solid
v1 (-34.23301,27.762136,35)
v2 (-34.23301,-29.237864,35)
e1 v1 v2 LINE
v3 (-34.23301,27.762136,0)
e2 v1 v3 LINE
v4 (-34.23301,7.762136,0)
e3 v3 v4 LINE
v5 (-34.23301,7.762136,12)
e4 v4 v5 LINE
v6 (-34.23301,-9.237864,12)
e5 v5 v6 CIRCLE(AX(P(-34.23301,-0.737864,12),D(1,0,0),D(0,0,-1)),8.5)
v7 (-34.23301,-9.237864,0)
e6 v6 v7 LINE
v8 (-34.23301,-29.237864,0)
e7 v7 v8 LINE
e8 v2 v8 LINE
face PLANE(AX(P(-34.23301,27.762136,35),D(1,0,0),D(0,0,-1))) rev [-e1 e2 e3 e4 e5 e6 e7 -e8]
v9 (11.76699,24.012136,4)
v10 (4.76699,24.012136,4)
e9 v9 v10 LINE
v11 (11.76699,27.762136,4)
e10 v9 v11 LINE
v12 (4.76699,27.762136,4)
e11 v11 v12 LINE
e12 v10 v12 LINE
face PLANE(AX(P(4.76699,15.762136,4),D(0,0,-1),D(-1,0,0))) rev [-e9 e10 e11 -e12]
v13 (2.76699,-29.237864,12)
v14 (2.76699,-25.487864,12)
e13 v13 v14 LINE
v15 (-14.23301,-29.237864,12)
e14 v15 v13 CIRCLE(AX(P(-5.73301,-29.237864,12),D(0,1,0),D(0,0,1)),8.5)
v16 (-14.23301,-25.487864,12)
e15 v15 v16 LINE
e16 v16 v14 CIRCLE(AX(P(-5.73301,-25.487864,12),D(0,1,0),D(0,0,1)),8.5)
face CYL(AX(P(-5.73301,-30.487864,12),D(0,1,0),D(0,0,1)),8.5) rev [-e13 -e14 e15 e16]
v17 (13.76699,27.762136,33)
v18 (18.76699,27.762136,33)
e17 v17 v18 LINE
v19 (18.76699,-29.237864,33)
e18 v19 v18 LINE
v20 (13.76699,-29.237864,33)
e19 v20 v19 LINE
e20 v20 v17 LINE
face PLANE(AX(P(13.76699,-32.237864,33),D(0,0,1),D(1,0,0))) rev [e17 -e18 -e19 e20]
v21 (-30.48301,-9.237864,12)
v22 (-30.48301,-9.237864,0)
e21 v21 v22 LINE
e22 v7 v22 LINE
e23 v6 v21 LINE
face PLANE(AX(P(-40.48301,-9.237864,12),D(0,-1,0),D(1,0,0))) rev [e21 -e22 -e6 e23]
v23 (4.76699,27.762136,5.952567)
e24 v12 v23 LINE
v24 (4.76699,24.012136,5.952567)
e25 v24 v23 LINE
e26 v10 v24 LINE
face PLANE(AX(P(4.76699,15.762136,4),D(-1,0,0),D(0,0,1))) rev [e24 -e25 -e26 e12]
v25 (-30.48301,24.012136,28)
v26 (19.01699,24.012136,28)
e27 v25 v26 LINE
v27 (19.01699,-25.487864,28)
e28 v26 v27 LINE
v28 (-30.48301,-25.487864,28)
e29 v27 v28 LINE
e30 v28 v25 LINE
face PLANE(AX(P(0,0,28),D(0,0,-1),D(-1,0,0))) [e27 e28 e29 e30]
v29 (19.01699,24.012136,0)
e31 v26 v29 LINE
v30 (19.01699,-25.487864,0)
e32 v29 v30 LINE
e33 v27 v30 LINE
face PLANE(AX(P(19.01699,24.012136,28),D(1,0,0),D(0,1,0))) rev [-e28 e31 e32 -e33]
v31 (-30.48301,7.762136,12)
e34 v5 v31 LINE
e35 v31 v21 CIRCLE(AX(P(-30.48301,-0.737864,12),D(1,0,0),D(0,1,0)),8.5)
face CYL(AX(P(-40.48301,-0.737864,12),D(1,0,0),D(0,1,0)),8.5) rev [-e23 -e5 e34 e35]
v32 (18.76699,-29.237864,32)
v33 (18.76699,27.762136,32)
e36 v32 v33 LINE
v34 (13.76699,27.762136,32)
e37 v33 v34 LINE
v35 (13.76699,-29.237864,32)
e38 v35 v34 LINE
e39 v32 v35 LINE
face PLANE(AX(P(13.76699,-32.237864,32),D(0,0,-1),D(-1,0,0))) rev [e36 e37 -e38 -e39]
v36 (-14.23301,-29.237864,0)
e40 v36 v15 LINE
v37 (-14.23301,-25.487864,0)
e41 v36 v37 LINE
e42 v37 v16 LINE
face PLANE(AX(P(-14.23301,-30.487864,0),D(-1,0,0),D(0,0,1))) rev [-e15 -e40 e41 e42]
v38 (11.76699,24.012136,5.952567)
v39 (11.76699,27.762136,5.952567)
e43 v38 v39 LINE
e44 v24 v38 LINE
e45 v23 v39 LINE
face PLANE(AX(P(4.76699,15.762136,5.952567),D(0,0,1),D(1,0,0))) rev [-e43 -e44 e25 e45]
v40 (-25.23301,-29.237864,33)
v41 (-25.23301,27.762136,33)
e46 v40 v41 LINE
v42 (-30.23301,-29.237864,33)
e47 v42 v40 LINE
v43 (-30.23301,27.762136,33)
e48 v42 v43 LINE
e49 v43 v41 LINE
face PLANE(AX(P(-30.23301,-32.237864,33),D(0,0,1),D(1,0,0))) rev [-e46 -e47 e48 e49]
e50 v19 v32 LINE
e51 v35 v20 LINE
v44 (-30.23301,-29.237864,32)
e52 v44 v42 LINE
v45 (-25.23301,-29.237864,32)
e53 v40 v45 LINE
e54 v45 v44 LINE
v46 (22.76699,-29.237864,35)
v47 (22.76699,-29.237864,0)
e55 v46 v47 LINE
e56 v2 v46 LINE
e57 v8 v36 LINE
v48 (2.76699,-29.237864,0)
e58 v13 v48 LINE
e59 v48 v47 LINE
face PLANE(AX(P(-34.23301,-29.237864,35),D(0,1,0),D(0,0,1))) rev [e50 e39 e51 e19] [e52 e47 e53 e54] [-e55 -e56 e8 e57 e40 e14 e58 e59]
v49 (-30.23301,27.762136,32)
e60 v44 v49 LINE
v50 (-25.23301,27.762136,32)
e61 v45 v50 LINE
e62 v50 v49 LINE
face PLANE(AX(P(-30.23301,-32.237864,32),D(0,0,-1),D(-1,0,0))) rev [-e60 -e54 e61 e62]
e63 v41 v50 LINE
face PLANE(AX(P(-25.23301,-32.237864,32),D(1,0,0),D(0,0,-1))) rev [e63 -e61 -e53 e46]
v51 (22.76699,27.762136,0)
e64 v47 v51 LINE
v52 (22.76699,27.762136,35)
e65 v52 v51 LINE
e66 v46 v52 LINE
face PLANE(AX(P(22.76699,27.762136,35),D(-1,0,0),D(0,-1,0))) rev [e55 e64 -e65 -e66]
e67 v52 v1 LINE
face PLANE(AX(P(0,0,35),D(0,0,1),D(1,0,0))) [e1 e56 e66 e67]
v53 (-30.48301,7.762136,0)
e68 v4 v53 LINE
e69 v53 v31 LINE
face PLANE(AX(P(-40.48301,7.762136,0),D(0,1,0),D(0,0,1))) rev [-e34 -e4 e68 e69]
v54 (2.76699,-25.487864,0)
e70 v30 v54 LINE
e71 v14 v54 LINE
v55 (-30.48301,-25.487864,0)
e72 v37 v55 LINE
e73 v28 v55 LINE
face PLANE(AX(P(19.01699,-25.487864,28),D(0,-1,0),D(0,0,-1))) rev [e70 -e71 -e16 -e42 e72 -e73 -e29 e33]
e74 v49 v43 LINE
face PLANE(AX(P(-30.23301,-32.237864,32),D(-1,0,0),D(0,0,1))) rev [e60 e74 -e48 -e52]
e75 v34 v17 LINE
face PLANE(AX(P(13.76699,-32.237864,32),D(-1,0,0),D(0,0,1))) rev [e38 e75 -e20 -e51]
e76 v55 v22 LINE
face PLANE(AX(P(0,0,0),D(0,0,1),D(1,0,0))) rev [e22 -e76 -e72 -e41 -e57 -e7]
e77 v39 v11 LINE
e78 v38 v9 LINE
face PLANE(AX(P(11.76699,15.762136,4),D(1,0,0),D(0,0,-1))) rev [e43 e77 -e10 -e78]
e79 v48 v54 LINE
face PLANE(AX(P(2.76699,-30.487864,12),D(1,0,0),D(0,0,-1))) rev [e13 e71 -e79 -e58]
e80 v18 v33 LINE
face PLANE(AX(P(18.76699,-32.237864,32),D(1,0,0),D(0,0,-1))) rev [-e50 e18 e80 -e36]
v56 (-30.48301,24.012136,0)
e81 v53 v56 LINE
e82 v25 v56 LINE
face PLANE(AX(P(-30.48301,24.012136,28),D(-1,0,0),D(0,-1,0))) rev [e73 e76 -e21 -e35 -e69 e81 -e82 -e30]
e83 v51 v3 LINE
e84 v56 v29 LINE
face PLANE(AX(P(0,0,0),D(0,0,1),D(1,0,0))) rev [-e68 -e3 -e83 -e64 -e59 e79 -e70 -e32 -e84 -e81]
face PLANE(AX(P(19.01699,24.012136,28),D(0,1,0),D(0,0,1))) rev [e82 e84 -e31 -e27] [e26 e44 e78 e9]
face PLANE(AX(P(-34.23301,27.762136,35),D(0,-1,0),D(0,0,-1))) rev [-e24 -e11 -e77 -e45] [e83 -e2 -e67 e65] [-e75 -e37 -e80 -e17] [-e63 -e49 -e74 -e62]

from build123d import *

# Parameters (mm, degrees)
SKETCH2_W           = 57
SKETCH2_H           = 57
BOSS_EXTRUDE1_DEPTH = 35
SKETCH3_W           = 5
SKETCH3_H           = 1
CUT_EXTRUDE1_DEPTH  = 60
SKETCH4_W           = 49.5
SKETCH4_H           = 49.5
CUT_EXTRUDE2_DEPTH  = 28
CUT_EXTRUDE4_DEPTH  = 5
CUT_EXTRUDE5_DEPTH  = 10
SKETCH13_W          = 7
SKETCH13_H          = 1.952566844
CUT_EXTRUDE8_DEPTH  = 12


with BuildPart() as part:
    # Sketch2 → Boss-Extrude1 (new body)
    with BuildSketch(Plane.XY):
        with Locations((-5.733009709, -0.737864078)):
            Rectangle(SKETCH2_W, SKETCH2_H)
    extrude(amount=BOSS_EXTRUDE1_DEPTH)

    # Sketch3 → Cut-Extrude1 (cut)
    with BuildSketch(Plane(origin=(0, 27.762135922, 0), x_dir=(1, 0, 0), z_dir=(0, 1, 0))):
        with Locations((-27.733009709, -32.5)):
            Rectangle(SKETCH3_W, SKETCH3_H)
        with Locations((16.266990291, -32.5)):
            Rectangle(SKETCH3_W, SKETCH3_H)
    extrude(amount=-CUT_EXTRUDE1_DEPTH, mode=Mode.SUBTRACT)

    # Sketch4 → Cut-Extrude2 (cut)
    with BuildSketch(Plane(origin=(0, 0, 0), x_dir=(-1, 0, 0), z_dir=(0, 0, -1))):
        with Locations((5.733009709, -0.737864078)):
            Rectangle(SKETCH4_W, SKETCH4_H)
    extrude(amount=-CUT_EXTRUDE2_DEPTH, mode=Mode.SUBTRACT)

    # Sketch5 → Cut-Extrude4 (cut)
    with BuildSketch(Plane(origin=(0, -25.487864078, 0), x_dir=(1, 0, 0), z_dir=(0, 1, 0))):
        with BuildLine():
            Line((2.766990291, -12), (2.766990291, 0))
            Line((2.766990291, 0), (-14.233009709, 0))
            Line((-14.233009709, 0), (-14.233009709, -12))
            ThreePointArc((-14.233009709, -12), (-5.733009709, -20.5), (2.766990291, -12))
        make_face()
    extrude(amount=-CUT_EXTRUDE4_DEPTH, mode=Mode.SUBTRACT)

    # Sketch7 → Cut-Extrude5 (cut)
    with BuildSketch(Plane(origin=(-30.483009709, 0, 0), x_dir=(0, 0, -1), z_dir=(1, 0, 0))):
        with BuildLine():
            Line((-12, -9.237864078), (0, -9.237864078))
            Line((0, -9.237864078), (0, 7.762135922))
            Line((0, 7.762135922), (-12, 7.762135922))
            ThreePointArc((-12, 7.762135922), (-20.5, -0.737864078), (-12, -9.237864078))
        make_face()
    extrude(amount=-CUT_EXTRUDE5_DEPTH, mode=Mode.SUBTRACT)

    # Sketch13 → Cut-Extrude8 (cut)
    with BuildSketch(Plane(origin=(0, 27.762135922, 0), x_dir=(1, 0, 0), z_dir=(0, 1, 0))):
        with Locations((8.266990291, -4.976283422)):
            Rectangle(SKETCH13_W, SKETCH13_H)
    extrude(amount=-CUT_EXTRUDE8_DEPTH, mode=Mode.SUBTRACT)


solid = part.part
